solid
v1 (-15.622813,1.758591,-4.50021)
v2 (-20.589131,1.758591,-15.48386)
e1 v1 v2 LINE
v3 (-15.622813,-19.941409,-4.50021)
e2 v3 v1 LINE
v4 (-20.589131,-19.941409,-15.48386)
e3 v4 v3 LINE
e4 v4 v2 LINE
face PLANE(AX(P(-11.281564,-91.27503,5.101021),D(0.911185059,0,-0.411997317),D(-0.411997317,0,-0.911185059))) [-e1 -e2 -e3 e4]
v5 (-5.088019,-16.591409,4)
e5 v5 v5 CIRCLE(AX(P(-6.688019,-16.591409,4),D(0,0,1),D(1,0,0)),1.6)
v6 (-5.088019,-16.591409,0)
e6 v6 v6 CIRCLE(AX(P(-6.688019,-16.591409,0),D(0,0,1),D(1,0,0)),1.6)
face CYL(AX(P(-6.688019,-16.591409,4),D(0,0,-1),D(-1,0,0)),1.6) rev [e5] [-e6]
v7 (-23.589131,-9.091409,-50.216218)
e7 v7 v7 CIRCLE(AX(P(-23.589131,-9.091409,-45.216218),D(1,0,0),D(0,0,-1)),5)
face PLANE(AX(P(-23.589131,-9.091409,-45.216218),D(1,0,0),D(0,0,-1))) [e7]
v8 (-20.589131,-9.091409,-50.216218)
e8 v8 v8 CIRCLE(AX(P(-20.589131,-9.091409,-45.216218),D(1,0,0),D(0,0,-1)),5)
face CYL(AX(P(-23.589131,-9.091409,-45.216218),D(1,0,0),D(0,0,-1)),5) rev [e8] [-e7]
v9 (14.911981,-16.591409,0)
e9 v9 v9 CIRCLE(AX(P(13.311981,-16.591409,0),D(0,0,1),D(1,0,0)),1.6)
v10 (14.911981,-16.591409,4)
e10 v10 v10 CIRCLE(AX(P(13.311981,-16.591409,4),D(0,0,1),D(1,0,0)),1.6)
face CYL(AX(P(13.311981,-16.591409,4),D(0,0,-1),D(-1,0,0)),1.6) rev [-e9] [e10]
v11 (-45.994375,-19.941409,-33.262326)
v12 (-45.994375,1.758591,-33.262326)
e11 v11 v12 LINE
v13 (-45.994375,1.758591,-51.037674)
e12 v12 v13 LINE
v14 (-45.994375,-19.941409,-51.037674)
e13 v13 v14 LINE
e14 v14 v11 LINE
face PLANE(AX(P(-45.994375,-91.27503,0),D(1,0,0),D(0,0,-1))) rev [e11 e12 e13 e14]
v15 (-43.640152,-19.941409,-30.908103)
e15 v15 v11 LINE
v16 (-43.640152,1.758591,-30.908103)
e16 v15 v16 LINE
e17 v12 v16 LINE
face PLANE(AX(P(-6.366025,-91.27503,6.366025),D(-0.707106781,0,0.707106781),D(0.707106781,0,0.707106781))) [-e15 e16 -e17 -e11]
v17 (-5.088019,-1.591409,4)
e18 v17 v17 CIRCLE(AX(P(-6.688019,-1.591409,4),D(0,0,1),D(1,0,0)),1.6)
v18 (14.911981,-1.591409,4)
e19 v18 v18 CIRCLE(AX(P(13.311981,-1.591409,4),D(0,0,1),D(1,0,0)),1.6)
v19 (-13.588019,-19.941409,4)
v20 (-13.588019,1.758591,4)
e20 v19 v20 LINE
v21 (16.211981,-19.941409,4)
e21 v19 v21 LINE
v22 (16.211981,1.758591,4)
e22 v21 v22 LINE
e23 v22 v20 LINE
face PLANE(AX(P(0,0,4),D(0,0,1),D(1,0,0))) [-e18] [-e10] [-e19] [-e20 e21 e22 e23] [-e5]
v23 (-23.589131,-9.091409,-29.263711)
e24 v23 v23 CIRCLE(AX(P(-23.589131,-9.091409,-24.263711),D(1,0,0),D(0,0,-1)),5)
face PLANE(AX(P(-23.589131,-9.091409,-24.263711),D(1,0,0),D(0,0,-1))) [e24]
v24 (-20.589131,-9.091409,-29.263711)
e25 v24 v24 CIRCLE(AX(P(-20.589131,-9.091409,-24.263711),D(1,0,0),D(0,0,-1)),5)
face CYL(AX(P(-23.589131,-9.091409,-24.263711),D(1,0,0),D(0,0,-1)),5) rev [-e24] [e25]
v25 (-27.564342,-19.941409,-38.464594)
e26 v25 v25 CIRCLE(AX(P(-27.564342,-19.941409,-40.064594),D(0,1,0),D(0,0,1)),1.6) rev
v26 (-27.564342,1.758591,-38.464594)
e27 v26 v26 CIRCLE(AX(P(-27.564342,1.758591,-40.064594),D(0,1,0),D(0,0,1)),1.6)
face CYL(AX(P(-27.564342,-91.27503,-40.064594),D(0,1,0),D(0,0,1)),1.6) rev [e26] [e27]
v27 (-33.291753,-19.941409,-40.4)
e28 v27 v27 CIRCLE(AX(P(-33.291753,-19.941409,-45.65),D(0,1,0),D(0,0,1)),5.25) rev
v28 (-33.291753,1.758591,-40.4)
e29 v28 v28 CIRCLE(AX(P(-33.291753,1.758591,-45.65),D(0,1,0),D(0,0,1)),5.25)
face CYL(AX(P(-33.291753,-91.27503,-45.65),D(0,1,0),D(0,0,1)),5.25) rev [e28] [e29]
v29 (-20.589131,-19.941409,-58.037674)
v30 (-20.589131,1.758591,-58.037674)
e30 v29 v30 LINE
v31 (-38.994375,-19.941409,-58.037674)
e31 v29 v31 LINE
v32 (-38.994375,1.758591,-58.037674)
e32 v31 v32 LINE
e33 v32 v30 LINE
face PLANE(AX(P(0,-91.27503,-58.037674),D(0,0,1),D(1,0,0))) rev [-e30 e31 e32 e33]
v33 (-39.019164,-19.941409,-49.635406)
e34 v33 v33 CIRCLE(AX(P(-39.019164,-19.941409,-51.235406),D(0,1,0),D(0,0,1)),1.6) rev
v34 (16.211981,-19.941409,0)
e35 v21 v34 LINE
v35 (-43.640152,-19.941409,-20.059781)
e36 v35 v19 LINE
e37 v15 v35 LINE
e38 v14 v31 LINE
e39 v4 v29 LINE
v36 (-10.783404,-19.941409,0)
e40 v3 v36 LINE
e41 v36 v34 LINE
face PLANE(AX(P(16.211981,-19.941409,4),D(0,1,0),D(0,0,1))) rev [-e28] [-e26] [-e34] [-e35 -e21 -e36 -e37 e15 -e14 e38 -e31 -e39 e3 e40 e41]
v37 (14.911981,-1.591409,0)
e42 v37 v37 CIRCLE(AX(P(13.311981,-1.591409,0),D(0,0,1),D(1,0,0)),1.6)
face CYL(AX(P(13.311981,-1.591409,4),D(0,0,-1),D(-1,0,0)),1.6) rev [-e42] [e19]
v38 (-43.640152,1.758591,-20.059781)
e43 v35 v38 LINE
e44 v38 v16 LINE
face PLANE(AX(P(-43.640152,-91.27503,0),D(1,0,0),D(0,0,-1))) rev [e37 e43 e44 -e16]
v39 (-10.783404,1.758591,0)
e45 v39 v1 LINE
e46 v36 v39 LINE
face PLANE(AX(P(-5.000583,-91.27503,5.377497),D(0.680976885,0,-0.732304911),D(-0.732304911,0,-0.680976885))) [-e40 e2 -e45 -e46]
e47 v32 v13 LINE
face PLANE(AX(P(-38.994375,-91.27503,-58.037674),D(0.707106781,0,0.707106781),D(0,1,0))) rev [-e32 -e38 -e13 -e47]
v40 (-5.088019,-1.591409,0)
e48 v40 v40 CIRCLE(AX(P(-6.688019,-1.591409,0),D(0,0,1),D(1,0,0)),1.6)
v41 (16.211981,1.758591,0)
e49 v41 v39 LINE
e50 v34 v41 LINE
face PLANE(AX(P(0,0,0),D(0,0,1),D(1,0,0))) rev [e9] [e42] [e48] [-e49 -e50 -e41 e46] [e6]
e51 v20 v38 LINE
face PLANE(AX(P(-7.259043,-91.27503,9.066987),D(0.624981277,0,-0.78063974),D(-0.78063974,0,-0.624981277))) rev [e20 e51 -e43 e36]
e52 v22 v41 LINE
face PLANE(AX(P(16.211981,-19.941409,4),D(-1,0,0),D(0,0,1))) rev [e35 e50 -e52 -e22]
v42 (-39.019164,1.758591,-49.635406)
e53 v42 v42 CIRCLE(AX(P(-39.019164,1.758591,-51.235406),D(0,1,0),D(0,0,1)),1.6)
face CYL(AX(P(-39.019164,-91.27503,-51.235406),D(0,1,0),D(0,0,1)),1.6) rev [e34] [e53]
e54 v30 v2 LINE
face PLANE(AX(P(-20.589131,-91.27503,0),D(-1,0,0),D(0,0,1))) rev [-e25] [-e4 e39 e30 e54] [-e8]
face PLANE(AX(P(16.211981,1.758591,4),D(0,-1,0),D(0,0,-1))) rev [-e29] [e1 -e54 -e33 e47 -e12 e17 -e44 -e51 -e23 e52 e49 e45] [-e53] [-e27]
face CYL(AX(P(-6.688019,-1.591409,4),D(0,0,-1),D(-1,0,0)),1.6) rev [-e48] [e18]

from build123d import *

# Parameters (mm, degrees)
SKICA1_W                 = 25.8
SKICA1_H                 = 21.7
SKICA1_R                 = 1.6
P_IDAT_VYSUNUT_M1_DEPTH  = 4
SKICA2_W                 = 4
SKICA2_H                 = 21.7
P_IDAT_VYSUNUT_M2_DEPTH  = 4
SKICA4_R                 = 5.25
SKICA4_R_2               = 1.6
P_IDAT_VYSUNUT_M3_DEPTH  = 21.7
ZKOSEN_1_SIZE            = 7
SKICA5_R                 = 5
ODEBRAT_VYSUNUT_M1_DEPTH = 3


with BuildPart() as part:
    # Skica1 → Přidat vysunutím1 (new body)
    with BuildSketch(Plane.XY):
        with Locations((3.311981452, -9.09140889)):
            Rectangle(SKICA1_W, SKICA1_H)
        with Locations((-6.688018548, -1.59140889)):
            Circle(SKICA1_R, mode=Mode.SUBTRACT)
        with Locations((13.311981452, -1.59140889)):
            Circle(SKICA1_R, mode=Mode.SUBTRACT)
        with Locations((13.311981452, -16.59140889)):
            Circle(SKICA1_R, mode=Mode.SUBTRACT)
        with Locations((-6.688018548, -16.59140889)):
            Circle(SKICA1_R, mode=Mode.SUBTRACT)
    extrude(amount=P_IDAT_VYSUNUT_M1_DEPTH)

    # Skica2 → Přidat vysunutím2 (add)
    with BuildSketch(Plane.ZY.offset(9.588018548)):
        with Locations((2, -9.09140889)):
            Rectangle(SKICA2_W, SKICA2_H)
    extrude(amount=P_IDAT_VYSUNUT_M2_DEPTH)

    # Skica4 → Přidat vysunutím3 (add)
    with BuildSketch(Plane(origin=(0, 1.75859111, 0), x_dir=(1, 0, 0), z_dir=(0, 1, 0))):
        Polygon((-13.588018548, -4), (-13.588018548, 0), (-10.783404097, 0), (-15.62281297, 4.500209586), (-20.589130875, 15.483860416), (-20.589130875, 33.262325999), (-20.589130875, 58.037674001), (-45.99437508, 58.037674001), (-45.99437508, 33.262325999), (-43.640152305, 30.908103223), (-43.640152305, 20.059780683), align=None)
        with Locations(Location((-33.291752977, 45.65, 0), (0, 0, 270))):
            Circle(SKICA4_R, mode=Mode.SUBTRACT)
        with Locations(Location((-39.019164168, 51.235406078, 0), (0, 0, 270))):
            Circle(SKICA4_R_2, mode=Mode.SUBTRACT)
        with Locations(Location((-27.564341787, 40.064593922, 0), (0, 0, 270))):
            Circle(SKICA4_R_2, mode=Mode.SUBTRACT)
    extrude(amount=-P_IDAT_VYSUNUT_M3_DEPTH)

    # Zkosení1
    zkosen_1_edges = [part.edges().sort_by_distance(p)[0] for p in [
        (-45.99437508, -9.09140889, -58.037674001),
    ]]
    chamfer(zkosen_1_edges, length=ZKOSEN_1_SIZE)

    # Skica5 → Odebrat vysunutím1 (cut)
    with BuildSketch(Plane(origin=(-20.589130875, 0, 0), x_dir=(0, 0, -1), z_dir=(1, 0, 0))):
        with Locations((24.263711451, -9.09140889)):
            Circle(SKICA5_R)
        with Locations((45.216218307, -9.09140889)):
            Circle(SKICA5_R)
    extrude(amount=-ODEBRAT_VYSUNUT_M1_DEPTH, mode=Mode.SUBTRACT)


solid = part.part
